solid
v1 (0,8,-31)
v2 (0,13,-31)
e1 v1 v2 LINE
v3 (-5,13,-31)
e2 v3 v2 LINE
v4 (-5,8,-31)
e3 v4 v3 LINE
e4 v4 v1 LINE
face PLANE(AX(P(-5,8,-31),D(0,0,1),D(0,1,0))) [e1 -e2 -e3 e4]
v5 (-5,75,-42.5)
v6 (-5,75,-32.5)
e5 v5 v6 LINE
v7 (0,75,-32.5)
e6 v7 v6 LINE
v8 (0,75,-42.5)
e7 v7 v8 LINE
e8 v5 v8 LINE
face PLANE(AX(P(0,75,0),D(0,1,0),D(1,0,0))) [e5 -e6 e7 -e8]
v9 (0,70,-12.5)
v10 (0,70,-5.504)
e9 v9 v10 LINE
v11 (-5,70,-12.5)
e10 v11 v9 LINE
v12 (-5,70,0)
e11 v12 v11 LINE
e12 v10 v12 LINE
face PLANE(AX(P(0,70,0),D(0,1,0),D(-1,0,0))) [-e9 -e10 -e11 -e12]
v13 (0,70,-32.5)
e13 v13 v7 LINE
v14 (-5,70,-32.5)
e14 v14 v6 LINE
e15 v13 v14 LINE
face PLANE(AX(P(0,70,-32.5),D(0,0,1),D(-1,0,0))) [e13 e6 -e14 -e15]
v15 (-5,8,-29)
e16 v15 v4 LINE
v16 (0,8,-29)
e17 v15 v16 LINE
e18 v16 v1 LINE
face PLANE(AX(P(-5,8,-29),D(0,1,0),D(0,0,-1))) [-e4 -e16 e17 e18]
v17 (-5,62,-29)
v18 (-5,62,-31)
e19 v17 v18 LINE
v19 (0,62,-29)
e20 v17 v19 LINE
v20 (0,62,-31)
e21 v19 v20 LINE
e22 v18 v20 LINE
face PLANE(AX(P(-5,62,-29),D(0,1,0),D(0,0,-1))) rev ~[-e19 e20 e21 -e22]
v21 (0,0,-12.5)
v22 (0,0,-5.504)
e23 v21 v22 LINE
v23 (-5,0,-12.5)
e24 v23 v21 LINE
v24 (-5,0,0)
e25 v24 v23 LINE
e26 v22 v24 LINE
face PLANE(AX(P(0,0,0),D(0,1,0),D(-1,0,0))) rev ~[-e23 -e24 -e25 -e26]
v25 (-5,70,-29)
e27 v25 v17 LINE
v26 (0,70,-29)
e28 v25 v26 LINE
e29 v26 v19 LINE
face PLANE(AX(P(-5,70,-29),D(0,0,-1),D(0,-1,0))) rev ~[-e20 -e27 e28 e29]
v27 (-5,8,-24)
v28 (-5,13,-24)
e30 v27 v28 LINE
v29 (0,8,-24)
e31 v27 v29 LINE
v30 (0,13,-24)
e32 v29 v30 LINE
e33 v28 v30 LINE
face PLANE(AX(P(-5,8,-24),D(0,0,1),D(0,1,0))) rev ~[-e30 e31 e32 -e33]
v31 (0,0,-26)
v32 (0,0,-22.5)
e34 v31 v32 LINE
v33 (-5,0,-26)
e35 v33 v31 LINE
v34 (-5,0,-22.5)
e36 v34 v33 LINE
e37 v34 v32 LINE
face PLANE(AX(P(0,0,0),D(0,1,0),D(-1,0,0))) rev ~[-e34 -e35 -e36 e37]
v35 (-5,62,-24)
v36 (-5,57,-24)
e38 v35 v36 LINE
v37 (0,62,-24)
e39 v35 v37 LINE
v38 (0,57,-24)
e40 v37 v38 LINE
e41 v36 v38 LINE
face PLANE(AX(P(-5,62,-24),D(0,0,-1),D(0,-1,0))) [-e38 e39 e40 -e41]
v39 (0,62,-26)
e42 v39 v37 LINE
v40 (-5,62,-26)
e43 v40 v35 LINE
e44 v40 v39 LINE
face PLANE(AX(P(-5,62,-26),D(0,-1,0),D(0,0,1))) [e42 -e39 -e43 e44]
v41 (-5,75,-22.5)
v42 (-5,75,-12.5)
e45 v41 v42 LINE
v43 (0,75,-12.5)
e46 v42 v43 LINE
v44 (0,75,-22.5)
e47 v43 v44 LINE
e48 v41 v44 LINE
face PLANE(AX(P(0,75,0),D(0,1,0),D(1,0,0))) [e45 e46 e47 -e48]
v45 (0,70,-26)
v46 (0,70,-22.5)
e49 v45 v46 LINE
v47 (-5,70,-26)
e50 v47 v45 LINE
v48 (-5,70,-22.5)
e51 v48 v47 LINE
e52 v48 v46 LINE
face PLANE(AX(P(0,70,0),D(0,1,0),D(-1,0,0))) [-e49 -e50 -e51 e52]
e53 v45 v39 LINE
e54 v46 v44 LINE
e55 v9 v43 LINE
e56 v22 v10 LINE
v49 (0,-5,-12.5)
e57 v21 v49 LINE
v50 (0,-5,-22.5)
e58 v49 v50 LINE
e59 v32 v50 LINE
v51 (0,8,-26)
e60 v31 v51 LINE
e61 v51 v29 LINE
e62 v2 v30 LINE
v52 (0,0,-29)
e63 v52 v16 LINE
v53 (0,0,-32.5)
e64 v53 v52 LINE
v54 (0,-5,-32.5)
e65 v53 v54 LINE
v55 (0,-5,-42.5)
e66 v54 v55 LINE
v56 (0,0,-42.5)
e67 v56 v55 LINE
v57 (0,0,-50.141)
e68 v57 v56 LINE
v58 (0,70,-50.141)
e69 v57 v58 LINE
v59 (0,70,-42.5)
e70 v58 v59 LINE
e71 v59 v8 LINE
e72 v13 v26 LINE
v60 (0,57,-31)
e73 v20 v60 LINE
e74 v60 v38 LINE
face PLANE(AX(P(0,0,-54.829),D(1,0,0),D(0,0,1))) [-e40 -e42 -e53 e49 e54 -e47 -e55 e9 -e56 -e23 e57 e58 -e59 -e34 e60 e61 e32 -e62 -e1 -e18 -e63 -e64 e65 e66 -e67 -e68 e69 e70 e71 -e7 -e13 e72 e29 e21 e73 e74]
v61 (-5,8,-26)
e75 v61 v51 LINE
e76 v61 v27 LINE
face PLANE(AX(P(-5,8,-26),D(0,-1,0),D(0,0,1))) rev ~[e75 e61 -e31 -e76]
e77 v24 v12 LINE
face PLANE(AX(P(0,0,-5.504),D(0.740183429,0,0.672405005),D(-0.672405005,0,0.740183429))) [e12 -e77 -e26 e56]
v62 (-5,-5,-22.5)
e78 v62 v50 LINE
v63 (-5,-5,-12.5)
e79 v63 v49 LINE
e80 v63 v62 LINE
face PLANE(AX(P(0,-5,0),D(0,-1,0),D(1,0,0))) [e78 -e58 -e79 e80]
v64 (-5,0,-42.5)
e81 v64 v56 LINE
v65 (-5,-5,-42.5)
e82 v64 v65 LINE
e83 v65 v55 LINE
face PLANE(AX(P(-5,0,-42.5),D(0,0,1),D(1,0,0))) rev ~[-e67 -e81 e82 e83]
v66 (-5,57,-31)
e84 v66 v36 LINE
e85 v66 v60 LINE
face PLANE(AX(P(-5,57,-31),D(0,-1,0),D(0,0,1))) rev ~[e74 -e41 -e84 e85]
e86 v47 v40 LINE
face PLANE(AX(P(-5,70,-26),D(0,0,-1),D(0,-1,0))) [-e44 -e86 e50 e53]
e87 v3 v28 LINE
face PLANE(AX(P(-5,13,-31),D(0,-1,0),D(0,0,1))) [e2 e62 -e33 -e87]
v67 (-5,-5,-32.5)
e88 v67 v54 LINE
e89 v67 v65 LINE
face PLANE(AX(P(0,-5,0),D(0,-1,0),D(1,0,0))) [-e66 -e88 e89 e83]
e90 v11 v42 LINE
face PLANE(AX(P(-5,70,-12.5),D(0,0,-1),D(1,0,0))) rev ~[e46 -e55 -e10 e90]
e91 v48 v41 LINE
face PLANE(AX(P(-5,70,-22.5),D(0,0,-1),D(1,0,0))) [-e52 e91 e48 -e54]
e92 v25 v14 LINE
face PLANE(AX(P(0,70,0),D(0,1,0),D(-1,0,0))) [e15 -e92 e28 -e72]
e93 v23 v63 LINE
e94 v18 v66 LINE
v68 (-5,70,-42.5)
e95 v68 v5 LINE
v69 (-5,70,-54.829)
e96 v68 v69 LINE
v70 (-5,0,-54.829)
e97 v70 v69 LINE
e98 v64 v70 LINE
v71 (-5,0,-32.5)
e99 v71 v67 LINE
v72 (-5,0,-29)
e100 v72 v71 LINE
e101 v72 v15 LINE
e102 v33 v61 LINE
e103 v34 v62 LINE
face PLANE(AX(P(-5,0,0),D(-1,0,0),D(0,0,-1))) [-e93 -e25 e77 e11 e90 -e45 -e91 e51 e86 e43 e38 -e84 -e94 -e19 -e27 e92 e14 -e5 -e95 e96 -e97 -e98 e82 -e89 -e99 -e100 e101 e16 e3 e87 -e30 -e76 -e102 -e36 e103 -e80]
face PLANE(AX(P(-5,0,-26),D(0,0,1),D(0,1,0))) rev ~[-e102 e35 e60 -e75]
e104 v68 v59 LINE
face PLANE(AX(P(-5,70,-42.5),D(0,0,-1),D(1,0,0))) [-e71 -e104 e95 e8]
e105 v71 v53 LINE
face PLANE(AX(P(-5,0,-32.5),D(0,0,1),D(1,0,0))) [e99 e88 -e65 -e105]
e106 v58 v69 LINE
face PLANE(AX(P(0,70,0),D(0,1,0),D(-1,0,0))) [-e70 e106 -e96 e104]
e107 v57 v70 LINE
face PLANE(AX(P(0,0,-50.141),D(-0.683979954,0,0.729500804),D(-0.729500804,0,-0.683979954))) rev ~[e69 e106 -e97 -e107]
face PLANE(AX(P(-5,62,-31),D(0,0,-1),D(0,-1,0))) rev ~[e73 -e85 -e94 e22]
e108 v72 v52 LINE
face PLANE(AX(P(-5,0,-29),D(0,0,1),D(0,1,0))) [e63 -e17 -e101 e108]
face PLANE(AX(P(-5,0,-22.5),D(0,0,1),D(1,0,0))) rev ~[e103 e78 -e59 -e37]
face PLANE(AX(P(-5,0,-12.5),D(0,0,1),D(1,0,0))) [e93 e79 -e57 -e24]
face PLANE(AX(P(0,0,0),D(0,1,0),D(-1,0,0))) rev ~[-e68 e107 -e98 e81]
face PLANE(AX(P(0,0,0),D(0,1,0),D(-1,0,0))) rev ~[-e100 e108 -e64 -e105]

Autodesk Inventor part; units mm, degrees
ref_plane "YZ Plane" through (0, 0, 0) normal (1, 0, 0) x (0, 1, 0)
ref_plane "XZ Plane" through (0, 0, 0) normal (0, 1, 0) x (-1, 0, 0)
ref_plane "XY Plane" through (0, 0, 0) normal (0, 0, 1) x (1, 0, 0)
sketch "Sketch2" plane through (0, 0, 0) normal (0, 1, 0) x (-1, 0, 0)
  line L0 (0, 0) -> (5, 0)
  line L1 (5, 0) -> (5, -54.829)
  line L2 (5, -54.829) -> (0, -54.829)
  line L3 (0, -54.829) -> (0, 0)
  dimension "d0" = 5
  dimension "d1" = 54.829
extrude "Extrusion1" add sketch "Sketch2" along normal blind 70
sketch "Sketch4" plane through (0, 70, 0) normal (0, 1, 0) x (1, 0, 0)
  line L0 (0, 0) -> (0, 54.829)
  line L1 (0, 54.829) -> (-5, 54.829)
  line L2 (-5, 54.829) -> (-5, 0)
  line L3 (-5, 0) -> (0, 0)
  line L4 (-5, 0) -> (-5, 12.5)
  line L5 (-5, 12.5) -> (0, 12.5)
  line L6 (-5, 12.5) -> (-5, 22.5)
  line L7 (-5, 22.5) -> (0, 22.5)
  line L8 (0, 22.5) -> (0, 32.5)
  line L9 (0, 32.5) -> (-5, 32.5)
  line L10 (-5, 32.5) -> (-5, 42.5)
  line L11 (-5, 42.5) -> (0, 42.5)
  dimension "d8" = 12.5
  dimension "d9" = 10
  dimension "d10" = 10
  dimension "d11" = 10
extrude "Extrusion2" add sketch "Sketch4" along normal blind 5 contours L5 L2 L7 L0 | L9 L2 L11 L0
sketch "Sketch5" plane through (0, 0, 0) normal (0, -1, 0) x (1, 0, 0)
  line L0 (-5, 0) -> (0, 0)
  line L1 (0, 0) -> (0, -54.829)
  line L2 (-5, 0) -> (-5, -12.5)
  line L3 (-5, -12.5) -> (0, -12.5)
  line L4 (-5, -12.5) -> (-5, -22.5)
  line L5 (-5, -22.5) -> (0, -22.5)
  line L6 (-5, -22.5) -> (-5, -32.5)
  line L7 (-5, -32.5) -> (0, -32.5)
  line L8 (-5, -32.5) -> (-5, -42.5)
  line L9 (-5, -42.5) -> (0, -42.5)
  line L10 (-5, -42.5) -> (-5, -54.829)
  line L11 (0, -54.829) -> (-5, -54.829)
  line L12 (0, 0) -> (0, -5.504)
  line L13 (0, -5.504) -> (-5, 0)
  line L14 (0, -54.829) -> (0, -50.141)
  line L15 (0, -50.141) -> (-5, -54.829)
  dimension "d20" = 10
  dimension "d21" = 10
  dimension "d22" = 10
  dimension "d23" = 12.5
  dimension "d24" = 54.829
  dimension "d25" = 12.329
  dimension "d28" = 5.504
  dimension "d29" = 4.688
extrude "Extrusion3" add sketch "Sketch5" along normal blind 5 contours L3 L1 L5 L4 | L7 L1 L9 L8
extrude "Extrusion4" cut sketch "Sketch5" against normal blind 70 contours L0 L1 L13 | L15 L1 L11
sketch "Sketch6" plane through (-5, 70, -12.5) normal (-1, 0, 0) x (0, 0, 1)
  line L0 (-13.5, -70) -> (-15, -70)
  line L1 (-15, -70) -> (-13.5, -70)
  line L2 (-13.5, -70) -> (-15, -70)
  line L3 (-15, -70) -> (-16.5, -70)
  line L4 (-16.5, -70) -> (-15, -70)
  line L5 (-13.5, -70) -> (-13.5, -62)
  line L6 (-13.5, -62) -> (-11.5, -62)
  line L7 (-11.5, -62) -> (-11.5, -57)
  line L8 (-13.5, -70) -> (-16.5, -70)
  line L9 (-16.5, -70) -> (-16.5, -62)
  line L10 (-16.5, -62) -> (-18.5, -62)
  line L11 (-18.5, -62) -> (-18.5, -57)
  line L12 (-18.5, -57) -> (-11.5, -57)
  line L13 (-13.5, 0) -> (-15, 0)
  line L14 (-15, 0) -> (-13.5, 0)
  line L15 (-13.5, 0) -> (-15, 0)
  line L16 (-15, 0) -> (-16.5, 0)
  line L17 (-16.5, 0) -> (-15, 0)
  line L18 (-13.5, 0) -> (-13.5, -8)
  line L19 (-13.5, -8) -> (-11.5, -8)
  line L20 (-11.5, -8) -> (-11.5, -13)
  line L21 (-13.5, 0) -> (-16.5, 0)
  line L22 (-16.5, 0) -> (-16.5, -8)
  line L23 (-16.5, -8) -> (-18.5, -8)
  line L24 (-18.5, -8) -> (-18.5, -13)
  line L25 (-18.5, -13) -> (-11.5, -13)
  point P0 (12.5, -70)
  dimension "d35" = 1.5
  dimension "d36" = 8
  dimension "d37" = 2
  dimension "d38" = 5
  dimension "d39" = 2
extrude "Extrusion5" cut sketch "Sketch6" against normal blind 5
properties part number "lateralnova"
